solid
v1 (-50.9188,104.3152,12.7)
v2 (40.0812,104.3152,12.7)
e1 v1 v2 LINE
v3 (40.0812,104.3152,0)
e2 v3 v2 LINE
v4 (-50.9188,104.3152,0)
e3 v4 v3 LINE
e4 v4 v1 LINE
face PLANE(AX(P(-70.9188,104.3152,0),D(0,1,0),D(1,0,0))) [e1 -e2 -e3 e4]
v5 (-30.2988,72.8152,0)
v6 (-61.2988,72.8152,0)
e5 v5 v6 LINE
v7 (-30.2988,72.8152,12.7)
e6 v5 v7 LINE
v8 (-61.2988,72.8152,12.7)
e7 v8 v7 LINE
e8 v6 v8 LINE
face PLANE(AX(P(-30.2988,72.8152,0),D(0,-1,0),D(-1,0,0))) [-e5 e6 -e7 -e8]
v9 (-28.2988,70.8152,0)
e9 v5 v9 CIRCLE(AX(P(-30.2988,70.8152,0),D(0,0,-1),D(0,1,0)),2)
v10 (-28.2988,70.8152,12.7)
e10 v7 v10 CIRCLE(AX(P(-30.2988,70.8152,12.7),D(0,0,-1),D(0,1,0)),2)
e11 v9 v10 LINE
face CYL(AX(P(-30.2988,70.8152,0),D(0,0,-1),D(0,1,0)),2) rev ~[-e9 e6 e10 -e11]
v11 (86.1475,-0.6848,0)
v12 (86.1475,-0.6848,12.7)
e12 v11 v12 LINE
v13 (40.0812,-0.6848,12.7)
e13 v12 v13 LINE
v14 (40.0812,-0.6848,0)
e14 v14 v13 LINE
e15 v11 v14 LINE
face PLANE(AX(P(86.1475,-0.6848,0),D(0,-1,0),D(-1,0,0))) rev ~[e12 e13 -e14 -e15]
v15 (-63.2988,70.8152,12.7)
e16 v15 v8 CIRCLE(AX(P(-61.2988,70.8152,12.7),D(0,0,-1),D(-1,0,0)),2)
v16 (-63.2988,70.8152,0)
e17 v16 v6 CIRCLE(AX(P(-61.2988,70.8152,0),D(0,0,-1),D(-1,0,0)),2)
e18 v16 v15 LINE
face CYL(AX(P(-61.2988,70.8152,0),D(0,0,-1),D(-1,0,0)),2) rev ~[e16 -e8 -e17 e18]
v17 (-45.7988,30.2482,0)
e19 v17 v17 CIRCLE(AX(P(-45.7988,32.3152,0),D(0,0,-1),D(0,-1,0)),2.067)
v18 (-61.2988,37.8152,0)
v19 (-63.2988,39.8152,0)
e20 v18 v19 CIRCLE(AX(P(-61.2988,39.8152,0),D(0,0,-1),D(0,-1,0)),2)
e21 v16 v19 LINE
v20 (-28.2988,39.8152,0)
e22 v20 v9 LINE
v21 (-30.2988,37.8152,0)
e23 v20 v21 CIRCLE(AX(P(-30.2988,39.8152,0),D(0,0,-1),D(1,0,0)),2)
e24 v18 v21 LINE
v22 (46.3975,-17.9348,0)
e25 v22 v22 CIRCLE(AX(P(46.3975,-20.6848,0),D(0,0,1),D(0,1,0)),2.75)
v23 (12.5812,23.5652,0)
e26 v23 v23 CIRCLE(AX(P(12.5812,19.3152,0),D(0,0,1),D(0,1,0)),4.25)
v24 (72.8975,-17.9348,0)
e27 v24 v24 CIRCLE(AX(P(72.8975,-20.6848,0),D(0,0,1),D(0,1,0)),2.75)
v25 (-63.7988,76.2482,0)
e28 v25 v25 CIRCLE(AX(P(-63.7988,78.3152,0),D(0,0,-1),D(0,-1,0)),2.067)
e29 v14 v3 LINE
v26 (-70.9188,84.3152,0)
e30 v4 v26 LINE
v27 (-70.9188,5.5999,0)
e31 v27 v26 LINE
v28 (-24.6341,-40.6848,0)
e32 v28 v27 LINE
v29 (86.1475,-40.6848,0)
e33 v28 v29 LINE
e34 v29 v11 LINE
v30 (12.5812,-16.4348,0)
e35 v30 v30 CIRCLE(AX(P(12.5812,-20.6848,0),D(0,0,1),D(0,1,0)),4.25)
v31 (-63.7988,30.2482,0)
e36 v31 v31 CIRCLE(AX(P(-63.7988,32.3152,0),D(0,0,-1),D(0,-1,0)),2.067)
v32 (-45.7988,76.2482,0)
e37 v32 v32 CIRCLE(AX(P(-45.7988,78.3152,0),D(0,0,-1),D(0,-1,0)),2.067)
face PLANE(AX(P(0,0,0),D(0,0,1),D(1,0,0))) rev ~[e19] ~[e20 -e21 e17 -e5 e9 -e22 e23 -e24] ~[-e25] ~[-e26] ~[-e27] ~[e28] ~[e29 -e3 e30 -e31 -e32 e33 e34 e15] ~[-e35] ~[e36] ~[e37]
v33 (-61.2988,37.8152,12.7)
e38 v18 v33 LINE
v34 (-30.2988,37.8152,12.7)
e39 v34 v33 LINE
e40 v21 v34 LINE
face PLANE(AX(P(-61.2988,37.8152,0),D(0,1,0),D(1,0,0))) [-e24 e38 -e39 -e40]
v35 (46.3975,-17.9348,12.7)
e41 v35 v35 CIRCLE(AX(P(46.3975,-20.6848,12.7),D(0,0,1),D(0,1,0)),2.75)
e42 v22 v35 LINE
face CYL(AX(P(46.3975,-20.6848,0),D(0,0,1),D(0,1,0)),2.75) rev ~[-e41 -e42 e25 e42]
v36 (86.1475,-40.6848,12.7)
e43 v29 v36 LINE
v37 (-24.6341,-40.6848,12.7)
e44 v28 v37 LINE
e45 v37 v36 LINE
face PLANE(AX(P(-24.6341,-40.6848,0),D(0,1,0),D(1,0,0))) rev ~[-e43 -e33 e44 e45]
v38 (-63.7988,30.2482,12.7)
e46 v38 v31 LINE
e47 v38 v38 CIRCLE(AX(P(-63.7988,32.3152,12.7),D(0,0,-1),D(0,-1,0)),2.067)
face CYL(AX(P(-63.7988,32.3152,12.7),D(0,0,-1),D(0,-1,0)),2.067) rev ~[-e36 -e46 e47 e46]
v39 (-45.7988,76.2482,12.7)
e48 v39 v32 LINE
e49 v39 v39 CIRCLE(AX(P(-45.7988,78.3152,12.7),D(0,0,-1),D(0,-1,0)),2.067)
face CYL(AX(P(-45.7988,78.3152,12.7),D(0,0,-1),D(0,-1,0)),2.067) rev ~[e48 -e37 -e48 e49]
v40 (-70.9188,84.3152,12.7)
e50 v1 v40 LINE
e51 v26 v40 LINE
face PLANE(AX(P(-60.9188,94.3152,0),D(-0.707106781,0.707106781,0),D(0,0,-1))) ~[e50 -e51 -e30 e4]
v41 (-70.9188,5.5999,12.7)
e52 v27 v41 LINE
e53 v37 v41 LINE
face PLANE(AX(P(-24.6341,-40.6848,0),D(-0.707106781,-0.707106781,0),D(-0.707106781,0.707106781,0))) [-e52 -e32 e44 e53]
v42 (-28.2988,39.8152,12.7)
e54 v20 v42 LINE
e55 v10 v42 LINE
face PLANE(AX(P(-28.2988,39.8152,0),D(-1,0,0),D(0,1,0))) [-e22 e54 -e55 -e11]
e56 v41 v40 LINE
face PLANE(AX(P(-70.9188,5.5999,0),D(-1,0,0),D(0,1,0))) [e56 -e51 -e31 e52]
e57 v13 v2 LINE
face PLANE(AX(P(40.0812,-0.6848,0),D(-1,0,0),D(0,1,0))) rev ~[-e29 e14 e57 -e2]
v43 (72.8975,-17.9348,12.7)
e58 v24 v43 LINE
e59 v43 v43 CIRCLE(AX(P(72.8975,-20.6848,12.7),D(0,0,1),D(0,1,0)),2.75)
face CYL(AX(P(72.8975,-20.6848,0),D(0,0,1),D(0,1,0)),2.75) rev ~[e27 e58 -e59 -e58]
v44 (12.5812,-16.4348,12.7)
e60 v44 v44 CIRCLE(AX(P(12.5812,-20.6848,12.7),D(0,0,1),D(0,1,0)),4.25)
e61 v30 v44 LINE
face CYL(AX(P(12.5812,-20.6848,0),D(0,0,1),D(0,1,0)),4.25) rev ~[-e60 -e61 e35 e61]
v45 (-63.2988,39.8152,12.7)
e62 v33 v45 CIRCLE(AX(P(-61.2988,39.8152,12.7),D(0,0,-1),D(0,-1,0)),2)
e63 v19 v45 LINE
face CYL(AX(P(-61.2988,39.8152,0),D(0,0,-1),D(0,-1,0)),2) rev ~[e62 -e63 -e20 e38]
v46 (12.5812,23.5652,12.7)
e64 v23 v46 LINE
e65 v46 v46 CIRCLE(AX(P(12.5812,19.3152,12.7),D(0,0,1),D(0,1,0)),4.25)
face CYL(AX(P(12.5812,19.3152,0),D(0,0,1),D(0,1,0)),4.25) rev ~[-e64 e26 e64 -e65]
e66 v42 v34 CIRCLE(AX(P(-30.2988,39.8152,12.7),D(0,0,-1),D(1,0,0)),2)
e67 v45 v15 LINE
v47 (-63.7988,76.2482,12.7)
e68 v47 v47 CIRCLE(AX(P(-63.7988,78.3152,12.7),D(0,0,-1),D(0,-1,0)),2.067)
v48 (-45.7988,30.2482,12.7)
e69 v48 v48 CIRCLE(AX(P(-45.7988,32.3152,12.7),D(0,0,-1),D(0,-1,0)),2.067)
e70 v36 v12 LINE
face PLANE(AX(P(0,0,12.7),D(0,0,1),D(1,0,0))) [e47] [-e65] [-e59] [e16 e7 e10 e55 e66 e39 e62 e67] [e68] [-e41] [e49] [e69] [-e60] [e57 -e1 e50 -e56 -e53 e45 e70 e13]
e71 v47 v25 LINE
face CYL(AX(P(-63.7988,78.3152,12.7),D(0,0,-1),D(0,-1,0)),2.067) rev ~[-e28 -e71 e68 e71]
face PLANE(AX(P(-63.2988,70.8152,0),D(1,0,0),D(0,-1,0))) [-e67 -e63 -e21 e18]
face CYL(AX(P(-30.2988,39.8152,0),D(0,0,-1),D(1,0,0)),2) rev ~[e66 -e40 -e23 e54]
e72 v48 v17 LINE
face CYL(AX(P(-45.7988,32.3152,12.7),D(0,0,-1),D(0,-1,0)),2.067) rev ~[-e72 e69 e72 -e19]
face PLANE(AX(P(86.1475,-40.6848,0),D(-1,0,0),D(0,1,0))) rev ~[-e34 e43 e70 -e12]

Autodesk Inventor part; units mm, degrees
ref_plane "YZ Plane" through (0, 0, 0) normal (1, 0, 0) x (0, 1, 0)
ref_plane "XZ Plane" through (0, 0, 0) normal (0, 1, 0) x (-1, 0, 0)
ref_plane "XY Plane" through (0, 0, 0) normal (0, 0, 1) x (1, 0, 0)
sketch "Esboço1" plane through (0, 0, 0) normal (0, 0, 1) x (1, 0, 0)
  line L0 (-70.9188, 104.3152) -> (40.0812, 104.3152)
  line L1 (-70.9188, 5.5999) -> (-70.9188, 104.3152)
  line L2 (-24.6341, -40.6848) -> (86.1475, -40.6848)
  line L3 (86.1475, -40.6848) -> (86.1475, -0.6848)
  line L4 (86.1475, -0.6848) -> (40.0812, -0.6848)
  line L5 (40.0812, -0.6848) -> (40.0812, 104.3152)
  line L6 (-24.6341, -40.6848) -> (-70.9188, 5.5999)
  line L7 (-24.6341, -40.6848) -> (40.8222, -40.6848) construction
  point P0 (0, 0)
  dimension "d0" = 111
  dimension "d5" = 40
  dimension "d6" = 105
  dimension "d7" = 135
  dimension "d8" = 98.7154
  dimension "d11" = 157.0662
extrude "Extrusão1" add sketch "Esboço1" along normal blind 12.7
chamfer "Chanfro1" distance 20 angle 45 1 edges at (-70.9188, 104.3152, 6.35)
sketch "Esboço2" plane through (0, 0, 12.7) normal (0, 0, 1) x (1, 0, 0)
  circle A0 centre (-45.7988, 78.3152) radius 2.75 construction
  circle A1 centre (-63.7988, 78.3152) radius 2.75 construction
  circle A2 centre (-45.7988, 32.3152) radius 2.75 construction
  circle A3 centre (-63.7988, 32.3152) radius 2.75 construction
  point P0 (0, 0)
hole "Furo1" at (-45.7988, 78.3152, 12.7) at (-63.7988, 78.3152, 12.7) at (-45.7988, 32.3152, 12.7) at (-63.7988, 32.3152, 12.7) direction (0, 0, -1) diameter 4.134 end through all thread size "M5x0.8" class "6H" standard "ISO Metric profile"
sketch "Esboço3" plane through (0, 0, 0) normal (0, 0, -1) x (-1, 0, 0)
  line L0 (30.2988, 72.8152) -> (61.2988, 72.8152)
  line L1 (63.2988, 70.8152) -> (63.2988, 39.8152)
  line L2 (61.2988, 37.8152) -> (30.2988, 37.8152)
  line L3 (28.2988, 39.8152) -> (28.2988, 70.8152)
  line L4 (28.2988, 72.8152) -> (63.2988, 37.8152) construction
  line L5 (63.2988, 72.8152) -> (28.2988, 37.8152) construction
  arc A0 (30.2988, 72.8152) -> (28.2988, 70.8152) centre (30.2988, 70.8152) ccw
  arc A1 (28.2988, 39.8152) -> (30.2988, 37.8152) centre (30.2988, 39.8152) ccw
  arc A2 (61.2988, 37.8152) -> (63.2988, 39.8152) centre (61.2988, 39.8152) ccw
  arc A3 (63.2988, 70.8152) -> (61.2988, 72.8152) centre (61.2988, 70.8152) ccw
  point P0 (0, 0)
  dimension "d22" = 35
  dimension "d23" = 35
  dimension "d24" = 2
extrude "Extrusão2" cut sketch "Esboço3" against normal through all
sketch "Esboço4" plane through (0, 0, 0) normal (0, 0, -1) x (-1, 0, 0)
  circle A0 centre (-12.5812, 19.3152) radius 4
  circle A1 centre (-12.5812, -20.6848) radius 4
  line L0 (-40.0812, 104.3152) -> (-40.0812, -0.6848) projected
  line L1 (-86.1475, -40.6848) -> (24.6341, -40.6848) projected
  point P0 (0, 0)
  point P1 (-12.5812, 19.3152)
  point P2 (-12.5812, -20.6848)
  dimension "d27" = 8
  dimension "d28" = 8
  dimension "d36" = 27.5
  dimension "d37" = 60
  dimension "d38" = 20
  dimension "d39" = 27.5
hole "Furo2" at (12.5812, 19.3152, 0) at (12.5812, -20.6848, 0) direction (0, 0, 1) diameter 8.5 end through all
sketch "Esboço5" plane through (0, 0, 0) normal (0, 0, -1) x (-1, 0, 0)
  line L0 (-86.1475, -16.2848) -> (-33.1475, -16.2848) construction
  line L1 (-86.1475, -25.0848) -> (-33.1475, -25.0848) construction
  line L2 (-59.6475, -16.2848) -> (-59.6475, -25.0848) construction
  line L3 (-33.1475, -16.2848) -> (-33.1475, -25.0848) construction
  line L4 (-86.1475, -0.6848) -> (-86.1475, -41.0283) construction
  line L5 (-46.3975, -16.2848) -> (-46.3975, -25.0848) construction
  line L6 (-72.8975, -16.2848) -> (-72.8975, -25.0848) construction
  line L7 (-33.1475, -20.6848) -> (-86.1475, -20.6848) construction
  line L8 (-86.1475, -0.6848) -> (-86.1475, -40.6848) projected
  circle A0 centre (-46.3975, -20.6848) radius 2.5 construction
  circle A1 centre (-72.8975, -20.6848) radius 2.5 construction
  point P0 (0, 0)
  dimension "d40" = 26.5
  dimension "d41" = 13.25
  dimension "d42" = 13.25
  dimension "d43" = 53
  dimension "d44" = 5
  dimension "d45" = 5
hole "Furo3" at (72.8975, -20.6848, 0) at (46.3975, -20.6848, 0) direction (0, 0, 1) diameter 5.5 end through all
equation "\"d41\" = 0.5 * d40"
equation "\"d42\" = d41"
properties part number "SUPORTE_MANCAL_TRASEIRO"
